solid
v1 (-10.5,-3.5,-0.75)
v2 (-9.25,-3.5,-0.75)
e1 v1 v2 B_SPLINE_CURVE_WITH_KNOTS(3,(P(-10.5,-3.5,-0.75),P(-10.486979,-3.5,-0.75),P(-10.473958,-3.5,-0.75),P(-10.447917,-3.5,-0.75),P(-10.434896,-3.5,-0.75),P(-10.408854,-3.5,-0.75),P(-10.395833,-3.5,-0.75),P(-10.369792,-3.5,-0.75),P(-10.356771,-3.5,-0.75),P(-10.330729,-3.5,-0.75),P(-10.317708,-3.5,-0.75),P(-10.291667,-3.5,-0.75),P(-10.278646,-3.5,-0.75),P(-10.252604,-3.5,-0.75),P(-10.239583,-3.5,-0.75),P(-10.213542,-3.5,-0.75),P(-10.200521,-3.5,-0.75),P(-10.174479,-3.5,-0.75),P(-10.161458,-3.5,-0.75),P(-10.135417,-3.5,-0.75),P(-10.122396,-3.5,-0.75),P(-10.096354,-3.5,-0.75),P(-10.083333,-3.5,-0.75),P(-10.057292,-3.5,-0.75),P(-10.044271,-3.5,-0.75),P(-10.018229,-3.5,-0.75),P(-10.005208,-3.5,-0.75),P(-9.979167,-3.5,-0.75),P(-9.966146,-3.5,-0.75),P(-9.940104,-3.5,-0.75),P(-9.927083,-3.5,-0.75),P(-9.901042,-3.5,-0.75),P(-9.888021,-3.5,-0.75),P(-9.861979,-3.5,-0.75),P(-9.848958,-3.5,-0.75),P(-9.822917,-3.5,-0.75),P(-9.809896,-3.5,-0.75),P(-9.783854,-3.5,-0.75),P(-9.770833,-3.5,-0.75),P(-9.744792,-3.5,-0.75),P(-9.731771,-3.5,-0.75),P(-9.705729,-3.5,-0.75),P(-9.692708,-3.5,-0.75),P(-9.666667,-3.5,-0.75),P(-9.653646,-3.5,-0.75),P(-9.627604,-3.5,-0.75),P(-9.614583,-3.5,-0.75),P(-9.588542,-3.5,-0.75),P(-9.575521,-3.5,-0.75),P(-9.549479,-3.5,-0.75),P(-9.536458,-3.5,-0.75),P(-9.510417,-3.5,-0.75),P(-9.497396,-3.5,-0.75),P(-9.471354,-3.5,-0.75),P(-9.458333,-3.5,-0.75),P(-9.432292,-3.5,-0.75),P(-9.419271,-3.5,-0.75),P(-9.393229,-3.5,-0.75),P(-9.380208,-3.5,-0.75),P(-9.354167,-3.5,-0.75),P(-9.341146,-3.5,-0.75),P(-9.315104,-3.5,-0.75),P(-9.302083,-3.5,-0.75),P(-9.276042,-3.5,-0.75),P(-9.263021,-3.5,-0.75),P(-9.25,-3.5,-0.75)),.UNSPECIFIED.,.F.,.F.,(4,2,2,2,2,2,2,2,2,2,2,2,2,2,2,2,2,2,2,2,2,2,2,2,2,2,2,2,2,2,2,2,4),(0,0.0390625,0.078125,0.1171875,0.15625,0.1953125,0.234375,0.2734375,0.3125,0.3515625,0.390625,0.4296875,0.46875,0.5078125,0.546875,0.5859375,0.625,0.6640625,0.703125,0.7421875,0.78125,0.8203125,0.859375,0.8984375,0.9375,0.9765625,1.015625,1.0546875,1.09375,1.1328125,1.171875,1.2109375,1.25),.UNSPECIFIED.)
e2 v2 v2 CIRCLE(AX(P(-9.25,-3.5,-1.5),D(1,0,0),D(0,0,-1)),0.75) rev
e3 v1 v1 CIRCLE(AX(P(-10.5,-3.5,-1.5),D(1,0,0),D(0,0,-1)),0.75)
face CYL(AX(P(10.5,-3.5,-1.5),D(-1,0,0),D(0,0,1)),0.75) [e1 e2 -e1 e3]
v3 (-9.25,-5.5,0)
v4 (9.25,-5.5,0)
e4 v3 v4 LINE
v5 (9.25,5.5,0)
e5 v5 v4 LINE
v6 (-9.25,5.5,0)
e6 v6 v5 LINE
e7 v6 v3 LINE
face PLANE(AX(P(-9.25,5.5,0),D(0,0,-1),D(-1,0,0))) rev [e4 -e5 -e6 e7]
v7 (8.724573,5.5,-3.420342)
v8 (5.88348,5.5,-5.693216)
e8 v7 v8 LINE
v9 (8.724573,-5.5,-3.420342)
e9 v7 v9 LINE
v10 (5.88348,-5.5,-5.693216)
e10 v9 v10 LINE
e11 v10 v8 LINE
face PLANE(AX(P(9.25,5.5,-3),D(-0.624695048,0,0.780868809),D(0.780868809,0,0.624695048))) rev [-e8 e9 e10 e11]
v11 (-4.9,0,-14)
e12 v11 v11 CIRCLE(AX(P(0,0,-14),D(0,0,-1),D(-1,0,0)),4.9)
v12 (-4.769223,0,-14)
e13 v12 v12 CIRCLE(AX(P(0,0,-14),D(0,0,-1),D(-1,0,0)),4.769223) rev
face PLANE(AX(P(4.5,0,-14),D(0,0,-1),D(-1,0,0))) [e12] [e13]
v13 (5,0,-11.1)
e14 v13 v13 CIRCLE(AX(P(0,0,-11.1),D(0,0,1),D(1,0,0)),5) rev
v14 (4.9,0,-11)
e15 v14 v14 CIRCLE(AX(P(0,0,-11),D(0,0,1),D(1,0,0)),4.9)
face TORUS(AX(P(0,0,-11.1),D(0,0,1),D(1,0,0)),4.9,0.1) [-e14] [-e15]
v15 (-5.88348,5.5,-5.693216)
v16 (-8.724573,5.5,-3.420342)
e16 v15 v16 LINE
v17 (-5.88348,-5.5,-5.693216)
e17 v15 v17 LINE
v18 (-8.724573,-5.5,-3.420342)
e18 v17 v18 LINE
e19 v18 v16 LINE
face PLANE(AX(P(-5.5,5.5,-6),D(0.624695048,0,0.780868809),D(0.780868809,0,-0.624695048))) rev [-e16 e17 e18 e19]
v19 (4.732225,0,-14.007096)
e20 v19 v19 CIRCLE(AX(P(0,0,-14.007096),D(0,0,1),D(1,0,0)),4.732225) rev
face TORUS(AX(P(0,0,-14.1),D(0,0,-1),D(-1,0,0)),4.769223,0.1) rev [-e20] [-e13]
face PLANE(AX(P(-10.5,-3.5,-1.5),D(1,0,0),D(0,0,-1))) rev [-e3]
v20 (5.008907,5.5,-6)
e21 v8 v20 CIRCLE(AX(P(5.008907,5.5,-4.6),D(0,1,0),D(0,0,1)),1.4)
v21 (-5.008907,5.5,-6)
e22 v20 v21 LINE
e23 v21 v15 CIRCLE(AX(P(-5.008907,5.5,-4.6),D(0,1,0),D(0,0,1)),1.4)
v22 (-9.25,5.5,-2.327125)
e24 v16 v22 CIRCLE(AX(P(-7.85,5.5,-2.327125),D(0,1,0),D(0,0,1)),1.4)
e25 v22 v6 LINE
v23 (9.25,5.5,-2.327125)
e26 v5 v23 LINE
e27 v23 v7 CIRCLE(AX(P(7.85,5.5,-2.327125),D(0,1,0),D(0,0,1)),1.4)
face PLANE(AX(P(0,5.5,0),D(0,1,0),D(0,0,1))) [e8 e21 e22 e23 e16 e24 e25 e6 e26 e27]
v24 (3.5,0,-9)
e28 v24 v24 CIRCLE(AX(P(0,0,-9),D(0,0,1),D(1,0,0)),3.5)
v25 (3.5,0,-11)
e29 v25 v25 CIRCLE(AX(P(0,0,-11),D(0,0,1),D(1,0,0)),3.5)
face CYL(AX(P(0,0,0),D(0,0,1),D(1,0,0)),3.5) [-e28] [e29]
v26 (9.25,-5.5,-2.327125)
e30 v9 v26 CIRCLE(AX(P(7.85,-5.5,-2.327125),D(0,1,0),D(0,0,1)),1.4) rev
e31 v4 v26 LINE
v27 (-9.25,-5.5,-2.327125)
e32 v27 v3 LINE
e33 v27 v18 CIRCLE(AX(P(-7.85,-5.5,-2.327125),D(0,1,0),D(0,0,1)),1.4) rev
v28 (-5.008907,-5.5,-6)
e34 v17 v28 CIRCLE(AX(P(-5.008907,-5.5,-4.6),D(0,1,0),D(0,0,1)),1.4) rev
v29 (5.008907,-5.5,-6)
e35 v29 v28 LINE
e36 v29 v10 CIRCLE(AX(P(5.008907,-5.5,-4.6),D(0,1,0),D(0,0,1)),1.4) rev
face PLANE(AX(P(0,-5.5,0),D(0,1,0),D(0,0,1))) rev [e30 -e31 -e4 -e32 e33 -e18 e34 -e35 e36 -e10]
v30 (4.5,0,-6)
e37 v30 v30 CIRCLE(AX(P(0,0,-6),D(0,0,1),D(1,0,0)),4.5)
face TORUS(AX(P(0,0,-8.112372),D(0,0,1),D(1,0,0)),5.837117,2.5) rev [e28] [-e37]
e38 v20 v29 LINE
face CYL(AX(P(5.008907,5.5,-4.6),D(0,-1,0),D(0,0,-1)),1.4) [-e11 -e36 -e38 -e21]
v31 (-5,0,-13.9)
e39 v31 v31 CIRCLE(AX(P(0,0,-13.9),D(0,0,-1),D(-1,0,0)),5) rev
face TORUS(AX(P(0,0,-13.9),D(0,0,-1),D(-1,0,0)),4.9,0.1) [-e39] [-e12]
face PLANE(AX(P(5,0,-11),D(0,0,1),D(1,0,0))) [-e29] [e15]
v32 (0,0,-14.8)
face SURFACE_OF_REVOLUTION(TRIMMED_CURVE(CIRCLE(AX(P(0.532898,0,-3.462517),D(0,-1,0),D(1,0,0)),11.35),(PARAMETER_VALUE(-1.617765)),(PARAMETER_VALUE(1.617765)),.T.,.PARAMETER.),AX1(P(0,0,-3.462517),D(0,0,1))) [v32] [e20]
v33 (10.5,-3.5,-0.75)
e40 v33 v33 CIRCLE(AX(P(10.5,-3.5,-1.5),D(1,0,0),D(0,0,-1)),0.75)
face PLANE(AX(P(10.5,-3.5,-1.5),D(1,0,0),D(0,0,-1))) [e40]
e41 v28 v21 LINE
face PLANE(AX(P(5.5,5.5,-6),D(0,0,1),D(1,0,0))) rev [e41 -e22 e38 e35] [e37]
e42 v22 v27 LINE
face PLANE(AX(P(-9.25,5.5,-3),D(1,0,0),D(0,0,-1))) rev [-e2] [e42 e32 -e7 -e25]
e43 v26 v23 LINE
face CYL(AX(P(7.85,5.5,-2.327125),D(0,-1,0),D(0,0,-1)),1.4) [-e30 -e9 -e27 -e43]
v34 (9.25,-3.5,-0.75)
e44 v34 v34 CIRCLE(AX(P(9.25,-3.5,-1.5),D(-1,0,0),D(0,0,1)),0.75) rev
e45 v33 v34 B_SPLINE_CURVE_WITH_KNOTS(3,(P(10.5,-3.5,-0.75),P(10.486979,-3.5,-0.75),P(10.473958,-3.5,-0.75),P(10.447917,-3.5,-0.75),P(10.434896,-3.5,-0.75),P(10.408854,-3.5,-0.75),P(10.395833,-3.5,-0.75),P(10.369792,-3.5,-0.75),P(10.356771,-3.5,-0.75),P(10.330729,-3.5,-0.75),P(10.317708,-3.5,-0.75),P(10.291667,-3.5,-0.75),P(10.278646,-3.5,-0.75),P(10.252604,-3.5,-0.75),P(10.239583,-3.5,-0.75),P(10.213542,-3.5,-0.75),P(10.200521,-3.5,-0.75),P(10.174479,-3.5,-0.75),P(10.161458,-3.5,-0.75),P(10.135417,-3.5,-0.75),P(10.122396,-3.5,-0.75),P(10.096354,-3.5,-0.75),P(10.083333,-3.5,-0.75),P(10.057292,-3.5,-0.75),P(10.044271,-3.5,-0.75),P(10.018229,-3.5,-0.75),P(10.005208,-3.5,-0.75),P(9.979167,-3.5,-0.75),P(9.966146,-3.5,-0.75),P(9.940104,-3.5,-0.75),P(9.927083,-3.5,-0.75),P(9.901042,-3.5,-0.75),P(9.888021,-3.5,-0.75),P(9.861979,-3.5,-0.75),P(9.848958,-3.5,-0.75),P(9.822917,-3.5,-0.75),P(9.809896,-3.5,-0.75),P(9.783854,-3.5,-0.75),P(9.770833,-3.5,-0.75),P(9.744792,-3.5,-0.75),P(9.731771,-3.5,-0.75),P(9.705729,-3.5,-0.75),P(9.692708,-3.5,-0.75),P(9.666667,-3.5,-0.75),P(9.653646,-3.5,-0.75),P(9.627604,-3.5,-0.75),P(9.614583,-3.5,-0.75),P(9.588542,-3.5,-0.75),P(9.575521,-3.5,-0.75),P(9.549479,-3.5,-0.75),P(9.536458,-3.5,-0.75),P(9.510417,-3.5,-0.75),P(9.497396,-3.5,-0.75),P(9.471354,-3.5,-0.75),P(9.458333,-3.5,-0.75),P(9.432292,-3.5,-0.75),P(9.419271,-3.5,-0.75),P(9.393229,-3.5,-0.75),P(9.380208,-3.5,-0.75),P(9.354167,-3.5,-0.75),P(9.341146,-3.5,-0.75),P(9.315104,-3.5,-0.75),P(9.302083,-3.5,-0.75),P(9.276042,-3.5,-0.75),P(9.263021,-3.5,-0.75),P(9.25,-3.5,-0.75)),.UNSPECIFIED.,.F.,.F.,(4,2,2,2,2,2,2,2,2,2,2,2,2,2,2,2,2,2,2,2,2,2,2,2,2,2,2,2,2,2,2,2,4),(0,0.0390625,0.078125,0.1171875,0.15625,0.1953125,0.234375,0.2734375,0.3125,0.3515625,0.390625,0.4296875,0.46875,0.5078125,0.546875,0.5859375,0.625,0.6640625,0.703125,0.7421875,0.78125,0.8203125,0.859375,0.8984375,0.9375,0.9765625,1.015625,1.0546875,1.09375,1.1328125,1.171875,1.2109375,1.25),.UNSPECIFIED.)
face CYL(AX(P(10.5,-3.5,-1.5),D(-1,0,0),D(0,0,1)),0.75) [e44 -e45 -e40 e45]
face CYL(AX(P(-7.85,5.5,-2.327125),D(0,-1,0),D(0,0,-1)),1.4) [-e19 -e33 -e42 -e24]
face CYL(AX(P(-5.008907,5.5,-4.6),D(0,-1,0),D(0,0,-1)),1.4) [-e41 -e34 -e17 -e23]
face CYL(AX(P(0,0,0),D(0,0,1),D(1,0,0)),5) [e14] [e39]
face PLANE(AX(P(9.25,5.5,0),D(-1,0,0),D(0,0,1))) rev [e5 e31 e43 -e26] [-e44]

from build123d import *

# Parameters (mm, degrees)
Y_KSEKLIK_EKSTR_ZYON1_DEPTH = 5.5
IZIM4_R                     = 0.75
Y_KSEKLIK_EKSTR_ZYON2_DEPTH = 10.5
RADYUS1_R                   = 0.1
RADYUS2_R                   = 1.4


with BuildPart() as part:
    # Çizim1 → Yükseklik-Ekstrüzyon1 (new, symmetric)
    with BuildSketch(Plane(origin=(0, 0, 0), x_dir=(1, 0, 0), z_dir=(0, 1, 0))):
        Polygon((-9.25, 0), (9.25, 0), (9.25, 3), (5.5, 6), (-5.5, 6), (-9.25, 3), align=None)
    extrude(amount=Y_KSEKLIK_EKSTR_ZYON1_DEPTH, both=True)

    # Çizim2 → Döndür1 (revolve)
    with BuildSketch(Plane(origin=(0, 0, 0), x_dir=(1, 0, 0), z_dir=(0, 1, 0))):
        with BuildLine():
            Line((0, 6), (0, 13.8))
            Line((0, 13.8), (4.5, 13.8))
            Line((4.5, 13.8), (4.5, 14))
            Line((4.5, 14), (5, 14))
            Line((5, 14), (5, 11))
            Line((5, 11), (3.5, 11))
            Line((3.5, 11), (3.5, 9))
            ThreePointArc((3.5, 9), (3.465409062, 7.321803021), (4.5, 6))
            Line((4.5, 6), (0, 6))
        make_face()
    revolve(axis=Axis((0, 0, 0), (0, 0, -1)))

    # Çizim3 → Döndür2 (revolve)
    with BuildSketch(Plane(origin=(0, 0, 0), x_dir=(1, 0, 0), z_dir=(0, 1, 0))):
        with BuildLine():
            Line((0, 13.8), (4.75, 13.8))
            Line((4.75, 13.8), (4.75, 14))
            ThreePointArc((4.75, 14), (2.417928436, 14.654887588), (0, 14.8))
            Line((0, 14.8), (0, 13.8))
        make_face()
    revolve(axis=Axis((0, 0, 0), (0, 0, -1)))

    # Çizim4 → Yükseklik-Ekstrüzyon2 (add, symmetric)
    with BuildSketch(Plane(origin=(0, 0, 0), x_dir=(0, 0, -1), z_dir=(1, 0, 0))):
        with Locations(Location((1.5, -3.5, 0), (0, 0, 180))):
            Circle(IZIM4_R)
    extrude(amount=Y_KSEKLIK_EKSTR_ZYON2_DEPTH, both=True)

    # Radyus1
    radyus1_edges = [part.edges().sort_by_distance(p)[0] for p in [
        (-5, 0, -11),
        (-5, 0, -14),
        (-4.75, 0, -14),
    ]]
    fillet(radyus1_edges, radius=RADYUS1_R)

    # Radyus2
    radyus2_edges = [part.edges().sort_by_distance(p)[0] for p in [
        (-9.25, 0, -3),
        (-5.5, 0, -6),
        (5.5, 0, -6),
        (9.25, 0, -3),
    ]]
    fillet(radyus2_edges, radius=RADYUS2_R)


solid = part.part
